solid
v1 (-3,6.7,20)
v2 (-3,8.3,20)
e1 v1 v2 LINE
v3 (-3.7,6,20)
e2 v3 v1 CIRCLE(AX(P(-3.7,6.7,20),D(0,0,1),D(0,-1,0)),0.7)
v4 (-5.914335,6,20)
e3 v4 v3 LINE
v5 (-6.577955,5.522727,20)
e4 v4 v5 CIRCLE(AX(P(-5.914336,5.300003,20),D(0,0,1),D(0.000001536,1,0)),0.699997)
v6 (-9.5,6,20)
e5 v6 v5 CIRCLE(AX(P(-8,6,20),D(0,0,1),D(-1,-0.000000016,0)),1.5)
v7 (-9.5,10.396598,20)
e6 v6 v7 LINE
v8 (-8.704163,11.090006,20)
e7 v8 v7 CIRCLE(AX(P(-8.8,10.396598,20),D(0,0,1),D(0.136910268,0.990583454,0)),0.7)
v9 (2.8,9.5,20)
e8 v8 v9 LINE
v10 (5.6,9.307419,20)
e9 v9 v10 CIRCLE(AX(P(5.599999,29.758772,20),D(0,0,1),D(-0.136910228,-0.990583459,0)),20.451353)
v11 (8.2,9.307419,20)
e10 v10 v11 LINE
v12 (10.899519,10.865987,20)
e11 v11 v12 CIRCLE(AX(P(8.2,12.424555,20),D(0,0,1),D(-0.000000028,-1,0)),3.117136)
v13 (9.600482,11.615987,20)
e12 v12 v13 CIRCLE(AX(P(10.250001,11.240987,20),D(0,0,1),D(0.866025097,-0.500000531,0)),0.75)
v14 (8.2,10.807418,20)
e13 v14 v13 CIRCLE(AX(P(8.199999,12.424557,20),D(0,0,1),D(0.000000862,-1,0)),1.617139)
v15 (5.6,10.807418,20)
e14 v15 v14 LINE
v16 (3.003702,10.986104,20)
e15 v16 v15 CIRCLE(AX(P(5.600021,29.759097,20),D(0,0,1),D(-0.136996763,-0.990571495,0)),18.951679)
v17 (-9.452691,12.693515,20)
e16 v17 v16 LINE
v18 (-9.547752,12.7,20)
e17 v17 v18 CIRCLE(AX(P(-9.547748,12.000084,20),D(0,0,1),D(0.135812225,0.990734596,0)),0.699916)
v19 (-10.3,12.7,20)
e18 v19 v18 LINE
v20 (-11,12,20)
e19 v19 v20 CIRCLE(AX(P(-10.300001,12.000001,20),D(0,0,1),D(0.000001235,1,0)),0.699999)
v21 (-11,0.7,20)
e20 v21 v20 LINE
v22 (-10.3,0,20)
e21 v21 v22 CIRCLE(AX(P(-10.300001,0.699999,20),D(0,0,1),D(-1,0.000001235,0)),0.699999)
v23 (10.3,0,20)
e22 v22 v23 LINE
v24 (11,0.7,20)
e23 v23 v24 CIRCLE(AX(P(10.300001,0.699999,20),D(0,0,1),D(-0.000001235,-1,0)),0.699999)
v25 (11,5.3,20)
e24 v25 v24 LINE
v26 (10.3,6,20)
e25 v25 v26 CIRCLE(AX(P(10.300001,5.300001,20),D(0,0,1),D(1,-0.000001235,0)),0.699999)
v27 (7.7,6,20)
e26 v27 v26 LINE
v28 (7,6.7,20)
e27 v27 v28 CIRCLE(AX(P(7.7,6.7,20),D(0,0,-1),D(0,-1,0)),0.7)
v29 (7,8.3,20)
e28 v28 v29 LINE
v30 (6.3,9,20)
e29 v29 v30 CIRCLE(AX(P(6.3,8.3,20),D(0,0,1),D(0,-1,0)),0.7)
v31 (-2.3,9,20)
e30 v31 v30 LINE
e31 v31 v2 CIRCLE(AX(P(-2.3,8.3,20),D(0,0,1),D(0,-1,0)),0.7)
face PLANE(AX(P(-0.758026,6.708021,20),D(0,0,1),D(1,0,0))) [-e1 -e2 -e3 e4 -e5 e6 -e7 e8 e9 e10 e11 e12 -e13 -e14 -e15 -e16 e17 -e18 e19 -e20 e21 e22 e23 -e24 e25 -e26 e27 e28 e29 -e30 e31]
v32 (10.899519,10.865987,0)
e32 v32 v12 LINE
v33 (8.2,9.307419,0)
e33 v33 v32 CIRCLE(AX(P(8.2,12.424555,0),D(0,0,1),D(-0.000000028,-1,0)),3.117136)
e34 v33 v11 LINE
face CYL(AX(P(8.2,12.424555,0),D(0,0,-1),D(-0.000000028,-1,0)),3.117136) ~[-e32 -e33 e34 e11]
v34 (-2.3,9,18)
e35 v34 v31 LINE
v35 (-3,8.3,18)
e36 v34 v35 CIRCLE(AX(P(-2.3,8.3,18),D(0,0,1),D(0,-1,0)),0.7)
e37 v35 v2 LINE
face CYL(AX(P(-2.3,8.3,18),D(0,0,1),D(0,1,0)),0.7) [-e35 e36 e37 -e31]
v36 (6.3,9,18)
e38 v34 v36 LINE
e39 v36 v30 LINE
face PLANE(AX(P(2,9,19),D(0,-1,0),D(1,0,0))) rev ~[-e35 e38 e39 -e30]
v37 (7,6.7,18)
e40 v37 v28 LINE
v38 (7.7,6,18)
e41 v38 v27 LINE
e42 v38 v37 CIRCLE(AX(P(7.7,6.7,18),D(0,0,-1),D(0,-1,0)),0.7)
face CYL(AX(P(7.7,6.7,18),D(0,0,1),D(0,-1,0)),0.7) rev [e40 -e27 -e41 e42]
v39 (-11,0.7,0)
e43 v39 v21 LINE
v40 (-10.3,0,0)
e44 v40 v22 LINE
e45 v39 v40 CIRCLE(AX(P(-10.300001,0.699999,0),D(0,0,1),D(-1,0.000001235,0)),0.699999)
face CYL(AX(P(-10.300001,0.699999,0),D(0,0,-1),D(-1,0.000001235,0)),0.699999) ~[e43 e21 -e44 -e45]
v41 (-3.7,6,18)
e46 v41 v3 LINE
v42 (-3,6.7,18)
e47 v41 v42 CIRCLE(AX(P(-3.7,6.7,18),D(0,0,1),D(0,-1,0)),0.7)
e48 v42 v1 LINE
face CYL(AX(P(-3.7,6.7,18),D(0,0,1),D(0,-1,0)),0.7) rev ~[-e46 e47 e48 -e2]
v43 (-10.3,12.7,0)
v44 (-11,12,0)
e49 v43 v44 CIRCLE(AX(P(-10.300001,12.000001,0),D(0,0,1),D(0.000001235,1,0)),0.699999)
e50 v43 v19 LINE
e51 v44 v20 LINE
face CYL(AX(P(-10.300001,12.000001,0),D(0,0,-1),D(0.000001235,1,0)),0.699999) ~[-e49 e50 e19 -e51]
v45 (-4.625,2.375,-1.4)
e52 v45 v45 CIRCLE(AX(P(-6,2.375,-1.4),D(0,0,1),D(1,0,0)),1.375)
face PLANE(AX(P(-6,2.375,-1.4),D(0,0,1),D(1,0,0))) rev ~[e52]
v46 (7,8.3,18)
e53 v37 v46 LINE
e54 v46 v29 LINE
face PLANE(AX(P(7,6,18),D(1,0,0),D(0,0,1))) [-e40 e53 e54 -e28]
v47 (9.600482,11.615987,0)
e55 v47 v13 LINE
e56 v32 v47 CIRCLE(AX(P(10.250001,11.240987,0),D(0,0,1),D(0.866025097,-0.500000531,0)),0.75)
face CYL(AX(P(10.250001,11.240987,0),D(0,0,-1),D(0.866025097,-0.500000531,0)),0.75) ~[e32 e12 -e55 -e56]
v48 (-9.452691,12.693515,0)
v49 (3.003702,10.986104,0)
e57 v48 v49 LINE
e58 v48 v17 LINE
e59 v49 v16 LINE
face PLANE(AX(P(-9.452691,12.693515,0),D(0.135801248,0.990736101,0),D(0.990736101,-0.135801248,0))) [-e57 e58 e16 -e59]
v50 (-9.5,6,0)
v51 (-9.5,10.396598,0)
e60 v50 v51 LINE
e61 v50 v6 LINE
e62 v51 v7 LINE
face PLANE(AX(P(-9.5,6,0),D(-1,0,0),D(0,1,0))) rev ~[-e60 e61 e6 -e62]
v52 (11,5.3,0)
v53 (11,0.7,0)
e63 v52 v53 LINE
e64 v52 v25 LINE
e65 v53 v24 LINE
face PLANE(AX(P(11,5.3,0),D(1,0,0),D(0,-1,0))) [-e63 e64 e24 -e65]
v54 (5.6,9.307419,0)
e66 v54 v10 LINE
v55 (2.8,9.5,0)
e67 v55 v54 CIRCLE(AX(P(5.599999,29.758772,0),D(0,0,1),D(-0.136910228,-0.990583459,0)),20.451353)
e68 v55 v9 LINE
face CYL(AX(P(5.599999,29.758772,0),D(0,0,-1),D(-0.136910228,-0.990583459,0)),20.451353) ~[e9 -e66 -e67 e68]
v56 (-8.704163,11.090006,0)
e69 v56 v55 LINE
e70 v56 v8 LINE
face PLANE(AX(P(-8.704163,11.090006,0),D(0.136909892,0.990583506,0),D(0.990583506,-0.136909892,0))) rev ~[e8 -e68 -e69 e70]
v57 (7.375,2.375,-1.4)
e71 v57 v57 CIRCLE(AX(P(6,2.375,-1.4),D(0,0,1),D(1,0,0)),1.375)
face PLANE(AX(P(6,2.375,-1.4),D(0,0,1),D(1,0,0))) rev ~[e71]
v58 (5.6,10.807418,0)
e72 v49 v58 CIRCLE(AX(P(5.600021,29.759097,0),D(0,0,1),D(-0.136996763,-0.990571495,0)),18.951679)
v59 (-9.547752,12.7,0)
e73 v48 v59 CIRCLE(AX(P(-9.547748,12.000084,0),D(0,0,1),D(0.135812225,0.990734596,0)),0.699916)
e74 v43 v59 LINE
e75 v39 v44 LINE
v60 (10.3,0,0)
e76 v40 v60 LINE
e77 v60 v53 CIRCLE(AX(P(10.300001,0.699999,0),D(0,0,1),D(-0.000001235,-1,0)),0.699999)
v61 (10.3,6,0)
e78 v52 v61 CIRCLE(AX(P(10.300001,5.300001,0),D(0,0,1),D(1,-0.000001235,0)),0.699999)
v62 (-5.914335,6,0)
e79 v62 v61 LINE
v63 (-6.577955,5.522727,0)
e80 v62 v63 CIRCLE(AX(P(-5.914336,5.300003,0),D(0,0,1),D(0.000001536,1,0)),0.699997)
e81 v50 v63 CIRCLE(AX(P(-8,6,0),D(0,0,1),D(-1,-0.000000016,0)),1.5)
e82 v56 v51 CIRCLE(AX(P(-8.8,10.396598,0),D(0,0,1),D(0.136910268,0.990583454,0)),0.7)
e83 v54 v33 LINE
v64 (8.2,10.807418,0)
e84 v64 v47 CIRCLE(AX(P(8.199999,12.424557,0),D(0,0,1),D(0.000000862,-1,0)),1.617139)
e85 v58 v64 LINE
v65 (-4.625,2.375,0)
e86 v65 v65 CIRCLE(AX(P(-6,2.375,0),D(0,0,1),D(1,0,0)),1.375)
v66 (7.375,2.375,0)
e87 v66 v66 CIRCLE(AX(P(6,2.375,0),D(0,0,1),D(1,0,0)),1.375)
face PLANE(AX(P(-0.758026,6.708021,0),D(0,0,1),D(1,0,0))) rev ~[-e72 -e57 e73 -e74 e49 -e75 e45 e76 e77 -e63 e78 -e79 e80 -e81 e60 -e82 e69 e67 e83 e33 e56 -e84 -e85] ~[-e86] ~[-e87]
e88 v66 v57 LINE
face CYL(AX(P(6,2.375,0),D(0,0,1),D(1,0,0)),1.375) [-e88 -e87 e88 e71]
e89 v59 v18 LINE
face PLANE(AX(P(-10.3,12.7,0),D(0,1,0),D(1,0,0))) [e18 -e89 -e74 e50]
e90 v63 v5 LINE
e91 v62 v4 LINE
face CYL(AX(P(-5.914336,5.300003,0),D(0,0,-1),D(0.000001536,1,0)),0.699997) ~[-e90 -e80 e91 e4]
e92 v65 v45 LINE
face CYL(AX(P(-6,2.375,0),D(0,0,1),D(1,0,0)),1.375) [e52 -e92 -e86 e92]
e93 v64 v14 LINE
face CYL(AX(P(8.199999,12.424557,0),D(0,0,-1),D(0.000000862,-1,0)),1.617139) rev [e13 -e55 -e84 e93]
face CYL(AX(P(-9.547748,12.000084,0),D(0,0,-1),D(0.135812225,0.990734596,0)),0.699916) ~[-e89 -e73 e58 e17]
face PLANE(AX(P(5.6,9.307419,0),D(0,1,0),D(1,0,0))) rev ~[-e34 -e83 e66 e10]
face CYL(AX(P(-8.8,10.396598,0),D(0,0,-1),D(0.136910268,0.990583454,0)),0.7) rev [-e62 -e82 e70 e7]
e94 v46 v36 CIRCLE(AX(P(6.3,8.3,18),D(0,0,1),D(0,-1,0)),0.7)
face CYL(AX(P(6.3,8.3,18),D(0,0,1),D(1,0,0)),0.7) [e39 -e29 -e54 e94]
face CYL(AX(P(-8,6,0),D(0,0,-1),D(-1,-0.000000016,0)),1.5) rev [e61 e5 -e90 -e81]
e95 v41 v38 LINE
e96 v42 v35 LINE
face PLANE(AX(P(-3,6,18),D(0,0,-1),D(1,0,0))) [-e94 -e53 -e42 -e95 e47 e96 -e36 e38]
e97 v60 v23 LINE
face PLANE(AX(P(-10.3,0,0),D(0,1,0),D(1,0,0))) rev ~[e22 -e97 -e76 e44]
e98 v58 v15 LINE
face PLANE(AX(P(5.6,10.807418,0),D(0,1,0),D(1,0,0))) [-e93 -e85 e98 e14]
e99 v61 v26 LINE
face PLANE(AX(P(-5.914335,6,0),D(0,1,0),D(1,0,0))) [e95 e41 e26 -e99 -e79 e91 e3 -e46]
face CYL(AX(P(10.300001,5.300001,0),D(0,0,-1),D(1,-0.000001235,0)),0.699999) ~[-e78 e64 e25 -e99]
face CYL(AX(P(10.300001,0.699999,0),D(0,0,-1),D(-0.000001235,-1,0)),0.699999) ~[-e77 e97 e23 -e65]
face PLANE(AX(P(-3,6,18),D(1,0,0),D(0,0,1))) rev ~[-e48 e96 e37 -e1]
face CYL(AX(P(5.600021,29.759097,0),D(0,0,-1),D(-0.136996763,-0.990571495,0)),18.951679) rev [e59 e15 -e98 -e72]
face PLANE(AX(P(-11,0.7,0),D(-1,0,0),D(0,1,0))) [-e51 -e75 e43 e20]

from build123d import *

# Parameters (mm, degrees)
PAD_DEPTH    = 20
SKETCH001_W  = 10
SKETCH001_H  = 2
PAD001_DEPTH = 3
SKETCH002_R  = 1.375
PAD002_DEPTH = 1.4
FILLET_R     = 0.7


with BuildPart() as part:
    # Sketch → Pad (new body)
    with BuildSketch(Plane.XY):
        with BuildLine():
            Line((-10.3, 0), (10.3, 0))
            ThreePointArc((10.3, 0), (10.794975, 0.205025), (11, 0.7))
            Line((11, 5.3), (11, 0.7))
            ThreePointArc((11, 5.3), (10.794975, 5.794975), (10.3, 6))
            Line((-5.914335, 6), (10.3, 6))
            ThreePointArc((-5.914335, 6), (-6.323047, 5.868291), (-6.577955, 5.522727))
            ThreePointArc((-9.5, 6), (-8.241799, 4.519617), (-6.577955, 5.522727))
            Line((-9.5, 6), (-9.5, 10.396598))
            ThreePointArc((-8.704163, 11.090006), (-9.259845, 10.924369), (-9.5, 10.396598))
            Line((-8.704163, 11.090006), (2.8, 9.5))
            ThreePointArc((2.8, 9.5), (4.196693, 9.355621), (5.6, 9.307419))
            Line((5.6, 9.307419), (8.2, 9.307419))
            ThreePointArc((8.2, 9.307419), (9.758568, 9.725036), (10.899519, 10.865987))
            ThreePointArc((10.899519, 10.865987), (10.625, 11.890506), (9.600482, 11.615987))
            ThreePointArc((8.2, 10.807418), (9.008569, 11.024074), (9.600482, 11.615987))
            Line((5.6, 10.807418), (8.2, 10.807418))
            ThreePointArc((3.003702, 10.986104), (4.29878, 10.852143), (5.6, 10.807418))
            Line((-9.452691, 12.693515), (3.003702, 10.986104))
            ThreePointArc((-9.452691, 12.693515), (-9.500111, 12.698377), (-9.547752, 12.7))
            Line((-10.3, 12.7), (-9.547752, 12.7))
            ThreePointArc((-10.3, 12.7), (-10.794975, 12.494975), (-11, 12))
            Line((-11, 6), (-11, 12))
            Line((-11, 0.7), (-11, 6))
            ThreePointArc((-11, 0.7), (-10.794975, 0.205025), (-10.3, 0))
        make_face()
    extrude(amount=PAD_DEPTH)

    # Sketch001 (on DatumPlane) → Pad001 (join)
    with BuildSketch(Plane.XZ.offset(-6)):
        with Locations((2, 19)):
            Rectangle(SKETCH001_W, SKETCH001_H)
    extrude(amount=-PAD001_DEPTH)

    # Sketch002 → Pad002 (join)
    with BuildSketch(Plane.XY):
        with Locations((6, 2.375)):
            Circle(SKETCH002_R)
        with Locations((-6, 2.375)):
            Circle(SKETCH002_R)
    extrude(amount=-PAD002_DEPTH)

    # Fillet
    fillet_edges = [part.edges().sort_by_distance(p)[0] for p in [
        (-3, 9, 19),
        (-3, 6, 19),
        (7, 9, 19),
        (7, 6, 19),
    ]]
    fillet(fillet_edges, radius=FILLET_R)


solid = part.part
